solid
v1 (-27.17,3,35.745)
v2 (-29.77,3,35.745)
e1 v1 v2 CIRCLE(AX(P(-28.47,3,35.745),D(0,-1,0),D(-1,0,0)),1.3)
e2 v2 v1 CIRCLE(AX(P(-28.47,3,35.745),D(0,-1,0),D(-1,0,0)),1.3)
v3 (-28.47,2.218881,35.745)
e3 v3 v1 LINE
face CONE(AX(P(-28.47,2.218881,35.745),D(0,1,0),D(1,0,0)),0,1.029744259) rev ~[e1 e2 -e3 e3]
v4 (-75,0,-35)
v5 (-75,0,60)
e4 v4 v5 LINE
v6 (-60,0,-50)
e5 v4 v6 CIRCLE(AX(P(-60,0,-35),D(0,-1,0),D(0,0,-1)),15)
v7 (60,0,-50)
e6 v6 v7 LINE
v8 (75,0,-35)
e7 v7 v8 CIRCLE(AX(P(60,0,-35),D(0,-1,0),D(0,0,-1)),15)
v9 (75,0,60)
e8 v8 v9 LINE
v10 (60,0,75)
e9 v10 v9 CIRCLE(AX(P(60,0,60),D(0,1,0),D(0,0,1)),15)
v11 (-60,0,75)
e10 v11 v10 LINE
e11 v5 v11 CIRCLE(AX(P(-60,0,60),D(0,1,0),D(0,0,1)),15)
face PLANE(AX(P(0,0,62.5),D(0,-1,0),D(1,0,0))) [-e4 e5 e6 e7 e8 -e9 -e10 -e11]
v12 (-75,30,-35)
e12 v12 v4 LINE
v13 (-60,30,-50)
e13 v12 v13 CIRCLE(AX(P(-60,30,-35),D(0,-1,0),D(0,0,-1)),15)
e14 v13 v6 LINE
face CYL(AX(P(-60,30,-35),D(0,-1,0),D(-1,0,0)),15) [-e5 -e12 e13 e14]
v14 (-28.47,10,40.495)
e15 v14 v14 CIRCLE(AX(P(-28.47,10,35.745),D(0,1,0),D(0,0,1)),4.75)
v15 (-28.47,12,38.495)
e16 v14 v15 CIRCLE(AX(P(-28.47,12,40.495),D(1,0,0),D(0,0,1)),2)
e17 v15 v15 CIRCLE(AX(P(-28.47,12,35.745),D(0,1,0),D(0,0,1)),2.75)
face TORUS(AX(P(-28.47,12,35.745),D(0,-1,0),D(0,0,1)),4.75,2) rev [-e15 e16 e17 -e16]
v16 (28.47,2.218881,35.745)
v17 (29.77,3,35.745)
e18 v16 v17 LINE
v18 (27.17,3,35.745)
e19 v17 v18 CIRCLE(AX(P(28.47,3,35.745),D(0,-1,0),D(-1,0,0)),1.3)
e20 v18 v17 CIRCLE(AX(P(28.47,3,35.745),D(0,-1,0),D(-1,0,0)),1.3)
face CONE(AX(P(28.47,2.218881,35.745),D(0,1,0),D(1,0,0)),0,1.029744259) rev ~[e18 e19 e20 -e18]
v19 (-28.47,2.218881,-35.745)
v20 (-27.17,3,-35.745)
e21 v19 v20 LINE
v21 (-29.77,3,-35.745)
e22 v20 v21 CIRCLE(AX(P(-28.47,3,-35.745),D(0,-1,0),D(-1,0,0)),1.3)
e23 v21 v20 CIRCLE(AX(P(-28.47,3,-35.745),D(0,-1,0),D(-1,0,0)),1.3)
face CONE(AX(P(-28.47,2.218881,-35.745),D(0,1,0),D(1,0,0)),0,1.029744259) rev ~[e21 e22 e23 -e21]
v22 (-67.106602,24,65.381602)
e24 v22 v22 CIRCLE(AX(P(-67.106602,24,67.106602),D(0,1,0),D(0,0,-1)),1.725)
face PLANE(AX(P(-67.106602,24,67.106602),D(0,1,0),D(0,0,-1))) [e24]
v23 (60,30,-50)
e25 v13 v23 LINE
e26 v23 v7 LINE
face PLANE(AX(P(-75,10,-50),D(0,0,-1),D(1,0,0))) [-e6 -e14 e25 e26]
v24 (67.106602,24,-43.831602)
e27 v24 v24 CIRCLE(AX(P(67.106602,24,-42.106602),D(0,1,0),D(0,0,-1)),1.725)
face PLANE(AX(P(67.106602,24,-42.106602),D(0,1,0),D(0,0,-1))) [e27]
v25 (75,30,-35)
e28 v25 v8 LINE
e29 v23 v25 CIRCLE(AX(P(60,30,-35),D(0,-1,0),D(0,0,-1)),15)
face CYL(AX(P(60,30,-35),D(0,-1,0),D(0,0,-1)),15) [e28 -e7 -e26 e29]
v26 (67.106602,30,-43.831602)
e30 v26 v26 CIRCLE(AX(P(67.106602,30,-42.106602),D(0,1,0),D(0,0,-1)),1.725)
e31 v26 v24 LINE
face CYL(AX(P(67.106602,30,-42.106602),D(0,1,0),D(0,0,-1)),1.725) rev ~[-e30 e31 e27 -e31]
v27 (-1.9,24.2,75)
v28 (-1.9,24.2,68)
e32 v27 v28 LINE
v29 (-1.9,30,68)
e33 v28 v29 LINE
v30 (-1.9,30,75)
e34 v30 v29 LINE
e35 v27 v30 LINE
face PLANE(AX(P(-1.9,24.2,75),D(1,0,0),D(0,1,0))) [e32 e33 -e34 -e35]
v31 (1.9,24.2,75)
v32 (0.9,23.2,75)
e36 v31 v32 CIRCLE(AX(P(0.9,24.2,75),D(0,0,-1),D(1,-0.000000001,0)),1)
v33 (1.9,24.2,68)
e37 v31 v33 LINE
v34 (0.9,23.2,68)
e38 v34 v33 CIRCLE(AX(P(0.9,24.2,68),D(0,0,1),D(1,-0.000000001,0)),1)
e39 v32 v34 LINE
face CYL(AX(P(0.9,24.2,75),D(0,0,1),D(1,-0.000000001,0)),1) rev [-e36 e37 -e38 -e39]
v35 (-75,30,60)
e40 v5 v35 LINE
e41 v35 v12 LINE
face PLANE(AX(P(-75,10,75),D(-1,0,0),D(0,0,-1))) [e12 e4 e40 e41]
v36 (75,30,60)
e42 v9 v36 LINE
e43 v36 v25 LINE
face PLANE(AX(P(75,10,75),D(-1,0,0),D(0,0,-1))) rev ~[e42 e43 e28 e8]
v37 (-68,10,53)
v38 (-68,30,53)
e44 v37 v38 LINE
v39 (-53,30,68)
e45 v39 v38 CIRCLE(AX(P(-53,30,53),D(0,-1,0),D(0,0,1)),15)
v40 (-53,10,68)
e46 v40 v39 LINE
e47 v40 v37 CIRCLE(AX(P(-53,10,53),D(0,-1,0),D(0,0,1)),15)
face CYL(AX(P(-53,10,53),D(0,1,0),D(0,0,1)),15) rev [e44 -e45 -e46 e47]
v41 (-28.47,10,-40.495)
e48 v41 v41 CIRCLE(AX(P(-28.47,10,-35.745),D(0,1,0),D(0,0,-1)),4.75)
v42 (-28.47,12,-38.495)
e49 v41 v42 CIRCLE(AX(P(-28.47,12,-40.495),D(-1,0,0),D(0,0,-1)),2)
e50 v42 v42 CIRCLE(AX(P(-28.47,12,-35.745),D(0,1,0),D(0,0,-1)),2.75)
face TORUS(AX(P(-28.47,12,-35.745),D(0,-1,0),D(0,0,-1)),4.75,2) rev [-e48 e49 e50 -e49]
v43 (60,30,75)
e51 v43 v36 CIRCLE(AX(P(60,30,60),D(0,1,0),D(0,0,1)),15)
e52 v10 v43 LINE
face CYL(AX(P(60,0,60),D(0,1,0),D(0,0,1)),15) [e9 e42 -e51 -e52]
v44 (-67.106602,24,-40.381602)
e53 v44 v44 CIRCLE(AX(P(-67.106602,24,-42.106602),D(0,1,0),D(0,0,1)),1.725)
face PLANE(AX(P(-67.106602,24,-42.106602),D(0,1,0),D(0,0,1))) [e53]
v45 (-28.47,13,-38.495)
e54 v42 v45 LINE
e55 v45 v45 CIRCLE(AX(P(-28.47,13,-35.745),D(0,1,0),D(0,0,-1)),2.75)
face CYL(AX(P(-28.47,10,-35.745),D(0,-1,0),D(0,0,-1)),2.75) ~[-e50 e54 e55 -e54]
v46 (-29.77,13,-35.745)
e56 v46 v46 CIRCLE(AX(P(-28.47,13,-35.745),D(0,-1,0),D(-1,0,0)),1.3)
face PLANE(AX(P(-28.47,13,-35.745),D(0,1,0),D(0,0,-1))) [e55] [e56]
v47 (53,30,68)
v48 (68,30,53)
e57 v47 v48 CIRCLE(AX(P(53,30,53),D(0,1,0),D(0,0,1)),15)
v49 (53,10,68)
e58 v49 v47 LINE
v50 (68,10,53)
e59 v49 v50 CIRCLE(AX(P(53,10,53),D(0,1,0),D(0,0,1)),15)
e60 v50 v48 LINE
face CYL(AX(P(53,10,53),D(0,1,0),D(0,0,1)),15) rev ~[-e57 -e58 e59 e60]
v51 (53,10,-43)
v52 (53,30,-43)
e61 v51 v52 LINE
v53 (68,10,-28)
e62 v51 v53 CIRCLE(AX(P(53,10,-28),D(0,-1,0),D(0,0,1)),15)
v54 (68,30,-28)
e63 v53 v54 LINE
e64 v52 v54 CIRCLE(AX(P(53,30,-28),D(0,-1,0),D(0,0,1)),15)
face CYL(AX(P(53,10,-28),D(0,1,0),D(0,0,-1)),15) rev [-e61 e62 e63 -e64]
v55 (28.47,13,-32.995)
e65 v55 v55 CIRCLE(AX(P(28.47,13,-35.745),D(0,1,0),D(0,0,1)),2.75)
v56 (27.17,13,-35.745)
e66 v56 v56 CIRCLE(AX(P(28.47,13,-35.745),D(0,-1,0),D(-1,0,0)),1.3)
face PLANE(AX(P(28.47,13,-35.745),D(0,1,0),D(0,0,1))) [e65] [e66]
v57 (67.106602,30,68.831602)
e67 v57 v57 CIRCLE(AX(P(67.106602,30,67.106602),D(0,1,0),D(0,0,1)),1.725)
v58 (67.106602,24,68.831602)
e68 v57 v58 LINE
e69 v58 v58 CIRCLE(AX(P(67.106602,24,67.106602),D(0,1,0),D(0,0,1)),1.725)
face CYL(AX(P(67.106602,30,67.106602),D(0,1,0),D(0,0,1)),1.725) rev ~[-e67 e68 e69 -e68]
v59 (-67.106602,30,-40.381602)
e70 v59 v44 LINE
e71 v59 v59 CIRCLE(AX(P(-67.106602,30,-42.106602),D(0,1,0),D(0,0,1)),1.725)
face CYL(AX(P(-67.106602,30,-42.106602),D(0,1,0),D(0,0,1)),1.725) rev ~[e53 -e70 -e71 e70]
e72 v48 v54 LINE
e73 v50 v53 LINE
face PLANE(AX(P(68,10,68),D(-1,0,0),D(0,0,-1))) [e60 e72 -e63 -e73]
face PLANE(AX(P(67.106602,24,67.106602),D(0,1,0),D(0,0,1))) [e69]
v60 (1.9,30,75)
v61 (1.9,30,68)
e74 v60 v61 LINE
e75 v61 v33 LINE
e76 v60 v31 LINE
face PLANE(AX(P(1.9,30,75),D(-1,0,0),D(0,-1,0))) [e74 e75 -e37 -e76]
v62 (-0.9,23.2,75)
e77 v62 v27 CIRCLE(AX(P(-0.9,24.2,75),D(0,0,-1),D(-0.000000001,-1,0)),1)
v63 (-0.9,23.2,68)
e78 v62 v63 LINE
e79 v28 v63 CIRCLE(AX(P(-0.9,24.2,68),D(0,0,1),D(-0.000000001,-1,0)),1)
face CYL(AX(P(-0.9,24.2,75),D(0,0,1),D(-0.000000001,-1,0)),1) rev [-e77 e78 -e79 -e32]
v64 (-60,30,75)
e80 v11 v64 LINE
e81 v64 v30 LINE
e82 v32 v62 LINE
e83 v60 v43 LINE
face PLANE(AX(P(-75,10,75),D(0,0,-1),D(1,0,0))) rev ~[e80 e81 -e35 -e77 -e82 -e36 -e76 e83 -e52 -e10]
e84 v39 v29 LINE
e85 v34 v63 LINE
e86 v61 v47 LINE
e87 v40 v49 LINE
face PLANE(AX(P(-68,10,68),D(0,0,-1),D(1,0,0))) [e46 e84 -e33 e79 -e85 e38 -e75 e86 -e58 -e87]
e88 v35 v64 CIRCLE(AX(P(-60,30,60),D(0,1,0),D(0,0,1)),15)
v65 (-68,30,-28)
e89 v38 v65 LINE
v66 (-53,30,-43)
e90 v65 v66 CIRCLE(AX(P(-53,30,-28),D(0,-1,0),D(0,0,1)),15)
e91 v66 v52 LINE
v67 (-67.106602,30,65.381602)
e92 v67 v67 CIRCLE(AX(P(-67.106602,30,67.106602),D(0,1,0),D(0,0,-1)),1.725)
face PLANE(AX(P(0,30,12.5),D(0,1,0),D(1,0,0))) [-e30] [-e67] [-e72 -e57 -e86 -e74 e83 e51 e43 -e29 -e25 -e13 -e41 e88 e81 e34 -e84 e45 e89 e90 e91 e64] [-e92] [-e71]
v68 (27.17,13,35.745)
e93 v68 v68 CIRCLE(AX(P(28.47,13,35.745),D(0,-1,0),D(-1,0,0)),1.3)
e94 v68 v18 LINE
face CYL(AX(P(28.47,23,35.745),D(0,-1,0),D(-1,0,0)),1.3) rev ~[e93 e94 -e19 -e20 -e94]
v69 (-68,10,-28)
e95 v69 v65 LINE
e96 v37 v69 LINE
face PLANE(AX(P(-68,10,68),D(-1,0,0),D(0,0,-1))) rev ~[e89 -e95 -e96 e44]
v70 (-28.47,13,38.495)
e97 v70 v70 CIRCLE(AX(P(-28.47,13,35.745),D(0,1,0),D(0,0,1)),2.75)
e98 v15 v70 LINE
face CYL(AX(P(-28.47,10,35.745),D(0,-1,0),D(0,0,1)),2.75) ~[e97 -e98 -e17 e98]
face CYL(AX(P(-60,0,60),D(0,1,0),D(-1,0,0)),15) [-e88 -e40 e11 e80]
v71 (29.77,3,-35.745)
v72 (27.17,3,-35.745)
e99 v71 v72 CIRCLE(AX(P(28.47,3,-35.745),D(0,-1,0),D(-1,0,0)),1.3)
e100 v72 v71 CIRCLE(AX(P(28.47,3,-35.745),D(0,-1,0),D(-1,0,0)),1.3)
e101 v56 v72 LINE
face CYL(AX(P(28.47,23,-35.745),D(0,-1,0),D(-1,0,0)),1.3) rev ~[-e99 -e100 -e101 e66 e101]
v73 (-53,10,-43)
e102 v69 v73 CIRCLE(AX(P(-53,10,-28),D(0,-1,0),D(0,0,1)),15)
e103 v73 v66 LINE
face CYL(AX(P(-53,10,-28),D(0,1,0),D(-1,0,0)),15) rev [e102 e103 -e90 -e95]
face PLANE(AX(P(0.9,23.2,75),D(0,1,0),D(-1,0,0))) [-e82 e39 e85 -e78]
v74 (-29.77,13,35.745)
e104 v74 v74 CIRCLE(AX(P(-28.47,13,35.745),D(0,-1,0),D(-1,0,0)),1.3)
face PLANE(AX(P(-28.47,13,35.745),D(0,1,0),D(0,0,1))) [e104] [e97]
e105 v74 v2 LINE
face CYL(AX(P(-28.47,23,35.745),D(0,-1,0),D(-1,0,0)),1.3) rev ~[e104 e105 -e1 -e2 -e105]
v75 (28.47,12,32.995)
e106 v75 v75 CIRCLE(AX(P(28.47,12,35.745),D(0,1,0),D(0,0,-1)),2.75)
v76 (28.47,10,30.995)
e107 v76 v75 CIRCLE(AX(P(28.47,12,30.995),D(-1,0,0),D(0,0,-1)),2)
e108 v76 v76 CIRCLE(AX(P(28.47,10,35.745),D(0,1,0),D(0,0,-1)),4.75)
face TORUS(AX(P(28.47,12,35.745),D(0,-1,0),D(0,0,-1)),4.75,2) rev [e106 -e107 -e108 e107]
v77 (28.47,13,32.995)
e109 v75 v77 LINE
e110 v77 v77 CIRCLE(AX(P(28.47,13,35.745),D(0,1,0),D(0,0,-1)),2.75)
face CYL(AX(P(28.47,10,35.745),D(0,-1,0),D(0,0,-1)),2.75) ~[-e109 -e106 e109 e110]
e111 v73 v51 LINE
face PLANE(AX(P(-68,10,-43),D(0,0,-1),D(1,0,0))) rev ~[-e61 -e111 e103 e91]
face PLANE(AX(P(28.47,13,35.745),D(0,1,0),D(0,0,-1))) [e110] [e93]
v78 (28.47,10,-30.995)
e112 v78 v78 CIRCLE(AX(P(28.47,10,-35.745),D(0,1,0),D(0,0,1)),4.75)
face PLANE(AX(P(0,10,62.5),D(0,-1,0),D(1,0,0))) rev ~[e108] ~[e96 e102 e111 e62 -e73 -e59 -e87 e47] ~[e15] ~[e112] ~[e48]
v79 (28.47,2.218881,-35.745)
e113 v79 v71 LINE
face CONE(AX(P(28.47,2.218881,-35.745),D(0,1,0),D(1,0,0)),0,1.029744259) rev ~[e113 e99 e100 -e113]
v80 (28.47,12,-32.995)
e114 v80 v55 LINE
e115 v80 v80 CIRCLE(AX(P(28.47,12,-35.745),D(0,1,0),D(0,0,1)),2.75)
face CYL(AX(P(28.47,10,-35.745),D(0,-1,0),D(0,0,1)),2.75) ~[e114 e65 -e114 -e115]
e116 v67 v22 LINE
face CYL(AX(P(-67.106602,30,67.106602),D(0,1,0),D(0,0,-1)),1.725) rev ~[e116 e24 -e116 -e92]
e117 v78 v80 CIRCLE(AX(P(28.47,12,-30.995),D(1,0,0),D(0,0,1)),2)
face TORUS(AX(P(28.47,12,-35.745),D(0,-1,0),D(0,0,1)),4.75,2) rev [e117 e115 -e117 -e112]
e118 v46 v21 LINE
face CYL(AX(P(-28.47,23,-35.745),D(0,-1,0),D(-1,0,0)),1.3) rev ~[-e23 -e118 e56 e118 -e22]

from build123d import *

# Parameters (mm, degrees)
SKETCH1_W                 = 150
SKETCH1_H                 = 100
BOSS_EXTRUDE1_DEPTH       = 10
SKETCH2_R                 = 2.75
BOSS_EXTRUDE2_DEPTH       = 3
F_1_0MM_DOWEL_HOLE1_D     = 2.6
F_1_0MM_DOWEL_HOLE1_DEPTH = 10
F_1_0MM_DOWEL_HOLE1_TIP   = 0.781118805
FILLET1_R                 = 2
SKETCH5_W                 = 150
SKETCH5_H                 = 25
BOSS_EXTRUDE3_DEPTH       = 10
SKETCH7_W                 = 150
SKETCH7_H                 = 125
SKETCH7_W_2               = 136
SKETCH7_H_2               = 111
EXTRUDE_THIN1_DEPTH       = 20
CUT_EXTRUDE1_REACH        = 150.829
FILLET2_R                 = 15
FILLET3_R                 = 15
SKETCH9_R                 = 1.725
CUT_EXTRUDE2_DEPTH        = 6


with BuildPart() as part:
    # Sketch1 → Boss-Extrude1 (new body)
    with BuildSketch(Plane(origin=(0, 0, 0), x_dir=(1, 0, 0), z_dir=(0, 1, 0))):
        Rectangle(SKETCH1_W, SKETCH1_H)
    extrude(amount=BOSS_EXTRUDE1_DEPTH)

    # Sketch2 → Boss-Extrude2 (add)
    with BuildSketch(Plane(origin=(0, 10, 0), x_dir=(1, 0, 0), z_dir=(0, 1, 0))):
        with Locations(Location((28.47, 35.745, 0), (0, 0, 270))):
            Circle(SKETCH2_R)
        with Locations(Location((28.47, -35.745, 0), (0, 0, 90))):
            Circle(SKETCH2_R)
        with Locations(Location((-28.47, -35.745, 0), (0, 0, 270))):
            Circle(SKETCH2_R)
        with Locations(Location((-28.47, 35.745, 0), (0, 0, 90))):
            Circle(SKETCH2_R)
    extrude(amount=BOSS_EXTRUDE2_DEPTH)

    # Ø1.0mm Dowel Hole1
    with Locations(Plane(origin=(0, 13, 0), x_dir=(1, 0, 0), z_dir=(0, 1, 0))):
        with Locations((-28.47, 35.745), (28.47, 35.745), (28.47, -35.745), (-28.47, -35.745)):
            Hole(F_1_0MM_DOWEL_HOLE1_D / 2, depth=F_1_0MM_DOWEL_HOLE1_DEPTH)
            with Locations((0, 0, -(F_1_0MM_DOWEL_HOLE1_DEPTH + F_1_0MM_DOWEL_HOLE1_TIP / 2))):  # 118° drill point
                Cone(0, F_1_0MM_DOWEL_HOLE1_D / 2, F_1_0MM_DOWEL_HOLE1_TIP, mode=Mode.SUBTRACT)

    # Fillet1
    fillet1_edges = [part.edges().sort_by_distance(p)[0] for p in [
        (-28.47, 10, 32.995),
        (28.47, 10, -38.495),
        (28.47, 10, 38.495),
        (-28.47, 10, -32.995),
    ]]
    fillet(fillet1_edges, radius=FILLET1_R)

    # Sketch5 → Boss-Extrude3 (add)
    with BuildSketch(Plane.XZ):
        with Locations((0, 62.5)):
            Rectangle(SKETCH5_W, SKETCH5_H)
    extrude(amount=-BOSS_EXTRUDE3_DEPTH)

    # Sketch7 → Extrude-Thin1 (add)
    with BuildSketch(Plane(origin=(0, 10, 0), x_dir=(1, 0, 0), z_dir=(0, 1, 0))):
        with Locations((0, -12.5)):
            Rectangle(SKETCH7_W, SKETCH7_H)
        with Locations((0, -12.5)):
            Rectangle(SKETCH7_W_2, SKETCH7_H_2, mode=Mode.SUBTRACT)
    extrude(amount=EXTRUDE_THIN1_DEPTH)

    # Sketch8 → Cut-Extrude1 (cut, up to next)
    with BuildSketch(Plane.XY.offset(75), mode=Mode.PRIVATE) as cut_extrude1_sk1:
        with BuildLine():
            Line((-1.9, 30), (1.9, 30))
            Line((1.9, 30), (1.9, 24.2))
            ThreePointArc((1.9, 24.2), (1.607106781, 23.492893219), (0.9, 23.2))
            Line((0.9, 23.2), (-0.9, 23.2))
            ThreePointArc((-0.9, 23.2), (-1.607106781, 23.492893219), (-1.9, 24.2))
            Line((-1.9, 24.2), (-1.9, 30))
        make_face()
    cut_extrude1_tool1 = extrude(cut_extrude1_sk1.sketch, amount=-CUT_EXTRUDE1_REACH, mode=Mode.PRIVATE) & part.part
    add(cut_extrude1_tool1.solids().sort_by_distance((0, 26.653655, 75))[0], mode=Mode.SUBTRACT)

    # Fillet2
    fillet2_edges = [part.edges().sort_by_distance(p)[0] for p in [
        (-75, 15, 75),
        (75, 15, 75),
        (-75, 15, -50),
        (75, 15, -50),
    ]]
    fillet(fillet2_edges, radius=FILLET2_R)

    # Fillet3
    fillet3_edges = [part.edges().sort_by_distance(p)[0] for p in [
        (-68, 20, 68),
        (68, 20, 68),
        (68, 20, -43),
        (-68, 20, -43),
    ]]
    fillet(fillet3_edges, radius=FILLET3_R)

    # Sketch9 → Cut-Extrude2 (cut)
    with BuildSketch(Plane(origin=(0, 30, 0), x_dir=(1, 0, 0), z_dir=(0, 1, 0))):
        with Locations(Location((-67.106601718, 42.106601718, 0), (0, 0, 270))):
            Circle(SKETCH9_R)
        with Locations(Location((67.106601718, 42.106601718, 0), (0, 0, 90))):
            Circle(SKETCH9_R)
        with Locations(Location((67.106601718, -67.106601718, 0), (0, 0, 270))):
            Circle(SKETCH9_R)
        with Locations(Location((-67.106601718, -67.106601718, 0), (0, 0, 90))):
            Circle(SKETCH9_R)
    extrude(amount=-CUT_EXTRUDE2_DEPTH, mode=Mode.SUBTRACT)


solid = part.part
